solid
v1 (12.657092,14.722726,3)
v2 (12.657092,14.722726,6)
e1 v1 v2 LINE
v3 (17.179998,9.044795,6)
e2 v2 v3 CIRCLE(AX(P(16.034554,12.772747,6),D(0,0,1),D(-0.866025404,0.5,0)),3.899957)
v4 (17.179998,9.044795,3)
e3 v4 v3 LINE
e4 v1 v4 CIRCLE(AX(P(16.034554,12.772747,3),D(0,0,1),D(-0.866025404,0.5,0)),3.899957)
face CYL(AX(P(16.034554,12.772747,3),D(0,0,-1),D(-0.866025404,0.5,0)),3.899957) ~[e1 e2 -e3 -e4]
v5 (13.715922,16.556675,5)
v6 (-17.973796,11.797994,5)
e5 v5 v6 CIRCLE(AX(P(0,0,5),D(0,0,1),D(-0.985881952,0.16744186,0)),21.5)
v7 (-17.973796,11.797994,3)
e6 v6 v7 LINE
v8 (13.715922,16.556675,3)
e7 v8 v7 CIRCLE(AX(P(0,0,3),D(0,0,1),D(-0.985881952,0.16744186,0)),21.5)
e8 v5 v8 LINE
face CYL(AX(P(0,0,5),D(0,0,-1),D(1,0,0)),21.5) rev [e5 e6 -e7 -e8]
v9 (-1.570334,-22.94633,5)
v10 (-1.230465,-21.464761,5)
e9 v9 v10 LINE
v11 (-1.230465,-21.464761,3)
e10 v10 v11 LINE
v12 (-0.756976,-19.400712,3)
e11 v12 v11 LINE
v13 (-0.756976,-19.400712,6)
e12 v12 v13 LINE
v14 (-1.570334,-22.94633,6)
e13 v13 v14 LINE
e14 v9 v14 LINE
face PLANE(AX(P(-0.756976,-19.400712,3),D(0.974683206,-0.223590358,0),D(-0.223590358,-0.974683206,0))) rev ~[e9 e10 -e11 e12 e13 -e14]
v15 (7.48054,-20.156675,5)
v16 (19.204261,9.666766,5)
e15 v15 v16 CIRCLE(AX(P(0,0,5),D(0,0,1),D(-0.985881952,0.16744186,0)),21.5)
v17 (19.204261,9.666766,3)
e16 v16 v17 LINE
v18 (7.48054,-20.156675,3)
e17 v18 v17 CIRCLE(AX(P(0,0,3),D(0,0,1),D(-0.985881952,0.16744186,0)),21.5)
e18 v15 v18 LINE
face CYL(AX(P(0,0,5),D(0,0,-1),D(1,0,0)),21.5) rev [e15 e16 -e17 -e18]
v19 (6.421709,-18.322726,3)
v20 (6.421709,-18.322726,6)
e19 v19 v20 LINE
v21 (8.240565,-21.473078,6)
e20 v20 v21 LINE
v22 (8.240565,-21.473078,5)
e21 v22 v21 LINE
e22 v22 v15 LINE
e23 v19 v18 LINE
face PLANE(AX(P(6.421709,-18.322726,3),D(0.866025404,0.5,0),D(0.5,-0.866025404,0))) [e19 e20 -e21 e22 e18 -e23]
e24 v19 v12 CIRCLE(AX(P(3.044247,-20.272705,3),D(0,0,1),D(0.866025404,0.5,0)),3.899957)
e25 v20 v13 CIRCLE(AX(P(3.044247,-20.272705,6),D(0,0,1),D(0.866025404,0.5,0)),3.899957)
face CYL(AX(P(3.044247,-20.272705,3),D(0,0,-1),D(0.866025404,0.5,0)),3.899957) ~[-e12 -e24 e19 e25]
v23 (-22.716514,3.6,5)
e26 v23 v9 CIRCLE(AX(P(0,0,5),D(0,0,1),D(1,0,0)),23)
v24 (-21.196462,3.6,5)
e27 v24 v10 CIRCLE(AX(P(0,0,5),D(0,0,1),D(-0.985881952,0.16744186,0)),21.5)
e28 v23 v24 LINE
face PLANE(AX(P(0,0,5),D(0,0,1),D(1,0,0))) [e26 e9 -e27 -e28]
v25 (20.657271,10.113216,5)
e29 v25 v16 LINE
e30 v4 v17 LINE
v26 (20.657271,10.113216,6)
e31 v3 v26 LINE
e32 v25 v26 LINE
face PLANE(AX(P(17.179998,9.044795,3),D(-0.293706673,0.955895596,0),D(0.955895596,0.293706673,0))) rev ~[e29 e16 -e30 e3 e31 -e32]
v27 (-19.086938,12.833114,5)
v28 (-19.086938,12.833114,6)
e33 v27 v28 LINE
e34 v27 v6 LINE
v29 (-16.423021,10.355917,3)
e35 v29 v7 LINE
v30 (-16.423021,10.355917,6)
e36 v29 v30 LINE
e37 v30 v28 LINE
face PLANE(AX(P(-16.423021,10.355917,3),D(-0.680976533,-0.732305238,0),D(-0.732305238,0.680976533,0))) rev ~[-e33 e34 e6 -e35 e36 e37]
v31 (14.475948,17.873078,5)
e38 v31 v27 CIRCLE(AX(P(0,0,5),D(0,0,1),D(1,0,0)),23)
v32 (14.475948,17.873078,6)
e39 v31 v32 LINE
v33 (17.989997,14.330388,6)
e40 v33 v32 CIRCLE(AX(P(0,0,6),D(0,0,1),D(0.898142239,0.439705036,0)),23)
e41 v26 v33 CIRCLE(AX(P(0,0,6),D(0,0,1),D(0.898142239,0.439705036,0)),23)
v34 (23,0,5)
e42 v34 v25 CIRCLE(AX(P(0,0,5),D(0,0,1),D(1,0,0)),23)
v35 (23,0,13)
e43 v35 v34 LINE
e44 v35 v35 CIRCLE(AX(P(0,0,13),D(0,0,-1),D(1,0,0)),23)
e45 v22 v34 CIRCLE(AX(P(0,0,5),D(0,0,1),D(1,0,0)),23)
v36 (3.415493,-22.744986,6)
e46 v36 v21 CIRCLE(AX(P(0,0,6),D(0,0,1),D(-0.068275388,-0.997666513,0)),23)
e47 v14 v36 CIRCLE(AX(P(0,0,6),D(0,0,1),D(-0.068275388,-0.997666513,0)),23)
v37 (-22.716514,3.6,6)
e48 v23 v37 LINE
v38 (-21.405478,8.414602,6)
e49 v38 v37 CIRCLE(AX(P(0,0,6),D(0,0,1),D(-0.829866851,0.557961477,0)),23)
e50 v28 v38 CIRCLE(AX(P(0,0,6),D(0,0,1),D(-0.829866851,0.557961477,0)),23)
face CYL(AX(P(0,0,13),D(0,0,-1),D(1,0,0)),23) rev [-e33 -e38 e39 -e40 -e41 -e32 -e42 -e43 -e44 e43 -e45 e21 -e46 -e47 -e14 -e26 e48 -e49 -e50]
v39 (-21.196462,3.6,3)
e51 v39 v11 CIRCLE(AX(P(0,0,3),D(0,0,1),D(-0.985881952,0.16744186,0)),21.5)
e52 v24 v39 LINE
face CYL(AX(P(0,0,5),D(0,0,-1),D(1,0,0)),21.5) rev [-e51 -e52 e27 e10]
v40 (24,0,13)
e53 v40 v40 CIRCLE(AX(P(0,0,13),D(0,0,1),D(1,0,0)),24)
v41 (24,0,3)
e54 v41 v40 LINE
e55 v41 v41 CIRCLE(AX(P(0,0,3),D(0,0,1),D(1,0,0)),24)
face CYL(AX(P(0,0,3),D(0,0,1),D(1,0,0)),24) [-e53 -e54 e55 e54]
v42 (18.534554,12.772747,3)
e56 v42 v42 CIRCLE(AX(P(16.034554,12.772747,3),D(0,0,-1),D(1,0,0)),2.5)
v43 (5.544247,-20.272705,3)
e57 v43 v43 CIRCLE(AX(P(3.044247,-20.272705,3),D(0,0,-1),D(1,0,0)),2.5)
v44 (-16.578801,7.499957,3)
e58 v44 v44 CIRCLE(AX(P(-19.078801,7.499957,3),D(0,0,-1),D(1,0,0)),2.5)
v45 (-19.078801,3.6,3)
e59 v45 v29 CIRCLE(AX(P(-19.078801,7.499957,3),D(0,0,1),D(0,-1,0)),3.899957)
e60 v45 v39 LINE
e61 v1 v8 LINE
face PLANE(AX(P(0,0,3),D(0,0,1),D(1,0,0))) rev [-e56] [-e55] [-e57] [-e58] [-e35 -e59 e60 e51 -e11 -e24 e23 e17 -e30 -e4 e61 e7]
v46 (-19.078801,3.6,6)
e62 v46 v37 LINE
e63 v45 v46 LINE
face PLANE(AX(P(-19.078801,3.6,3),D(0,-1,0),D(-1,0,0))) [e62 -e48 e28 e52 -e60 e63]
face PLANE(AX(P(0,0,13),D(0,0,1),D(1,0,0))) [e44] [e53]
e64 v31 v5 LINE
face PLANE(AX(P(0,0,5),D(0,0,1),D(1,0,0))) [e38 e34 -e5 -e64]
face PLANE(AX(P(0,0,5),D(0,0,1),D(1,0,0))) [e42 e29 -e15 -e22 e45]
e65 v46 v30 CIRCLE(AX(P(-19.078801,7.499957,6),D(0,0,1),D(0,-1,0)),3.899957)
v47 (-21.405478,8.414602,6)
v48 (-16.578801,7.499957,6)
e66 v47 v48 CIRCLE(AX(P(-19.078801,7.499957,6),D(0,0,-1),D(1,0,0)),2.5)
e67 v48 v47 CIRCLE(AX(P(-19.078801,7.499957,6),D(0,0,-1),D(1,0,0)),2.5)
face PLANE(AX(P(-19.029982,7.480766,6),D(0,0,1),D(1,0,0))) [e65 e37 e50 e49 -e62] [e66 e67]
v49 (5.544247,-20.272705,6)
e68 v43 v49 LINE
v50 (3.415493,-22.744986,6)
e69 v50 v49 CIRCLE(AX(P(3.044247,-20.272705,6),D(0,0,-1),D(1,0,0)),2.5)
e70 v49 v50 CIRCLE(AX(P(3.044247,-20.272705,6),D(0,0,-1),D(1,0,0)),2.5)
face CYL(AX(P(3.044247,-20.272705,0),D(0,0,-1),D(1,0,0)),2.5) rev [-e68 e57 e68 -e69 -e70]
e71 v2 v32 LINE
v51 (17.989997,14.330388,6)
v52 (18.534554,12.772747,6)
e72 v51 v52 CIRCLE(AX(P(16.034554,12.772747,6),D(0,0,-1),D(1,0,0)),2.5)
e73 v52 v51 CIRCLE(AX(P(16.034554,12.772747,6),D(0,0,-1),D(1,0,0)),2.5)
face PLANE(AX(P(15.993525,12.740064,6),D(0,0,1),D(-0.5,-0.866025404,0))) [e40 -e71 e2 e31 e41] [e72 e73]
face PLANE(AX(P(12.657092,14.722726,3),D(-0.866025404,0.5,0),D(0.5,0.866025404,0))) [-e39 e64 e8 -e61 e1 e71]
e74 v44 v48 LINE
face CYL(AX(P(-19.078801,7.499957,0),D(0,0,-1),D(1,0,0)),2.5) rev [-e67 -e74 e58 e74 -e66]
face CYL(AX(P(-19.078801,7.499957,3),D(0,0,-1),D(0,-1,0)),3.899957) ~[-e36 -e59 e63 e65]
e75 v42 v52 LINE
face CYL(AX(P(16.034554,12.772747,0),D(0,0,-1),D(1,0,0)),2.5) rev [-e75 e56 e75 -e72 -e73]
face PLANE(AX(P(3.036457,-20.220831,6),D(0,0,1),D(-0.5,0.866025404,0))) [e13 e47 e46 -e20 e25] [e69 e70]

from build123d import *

# Parameters (mm, degrees)
SKETCH001_R        = 2.625
POCKET_DEPTH       = 5.5
PAD_DEPTH          = 3
POLARPATTERN_COUNT = 3
SKETCH002_R        = 2.5
POCKET001_DEPTH    = 13.001


with BuildPart() as part:
    # Sketch → Revolution (revolve)
    with BuildSketch(Plane.XZ):
        Polygon((21.5, 5), (21.5, 3), (24, 3), (24, 13), (23, 13), (23, 5), align=None)
    revolve(axis=Axis((0, 0, 0), (0, 0, 1)))

    # Sketch001 → Pocket (cut)
    with BuildSketch(Plane.XY):
        with Locations((-17.5, 0)):
            Circle(SKETCH001_R)
        with Locations((-8.75, 15.1554445662)):
            Circle(SKETCH001_R)
        with Locations((8.75, 15.1554445662)):
            Circle(SKETCH001_R)
        with Locations((17.5, 0)):
            Circle(SKETCH001_R)
        with Locations((8.75, -15.1554445662)):
            Circle(SKETCH001_R)
        with Locations((-8.75, -15.1554445662)):
            Circle(SKETCH001_R)
    extrude(amount=POCKET_DEPTH, mode=Mode.SUBTRACT)

    # Sketch003 → Pad (join)
    with BuildSketch(Plane.XY.offset(3)):
        with BuildLine():
            ThreePointArc((-19.0869375712, 12.8331139694), (-21.405483769, 8.4145864197), (-22.716513817, 3.6))
            Line((-19.0788007507, 3.6), (-22.716513817, 3.6))
            ThreePointArc((-19.0788007507, 3.6), (-15.4492148319, 6.0731518485), (-16.4230212393, 10.3559167367))
            Line((-16.4230212393, 10.3559167367), (-19.0869375712, 12.8331139694))
        make_face()
    pad = extrude(amount=PAD_DEPTH)

    # PolarPattern: Pad ×3 about axis
    polarpattern_axis = Axis((0, 0, 3), (0, 0, 1))
    for i in range(1, POLARPATTERN_COUNT):
        add(pad.rotate(polarpattern_axis, i * 360 / POLARPATTERN_COUNT))

    # Sketch002 → Pocket001 (cut, through all)
    with BuildSketch(Plane.XY):
        with Locations((16.0345540639, 12.7727473933)):
            Circle(SKETCH002_R)
        with Locations((3.0442466868, -20.2727048543)):
            Circle(SKETCH002_R)
        with Locations((-19.0788007507, 7.499957461)):
            Circle(SKETCH002_R)
    extrude(amount=POCKET001_DEPTH, mode=Mode.SUBTRACT)


solid = part.part
